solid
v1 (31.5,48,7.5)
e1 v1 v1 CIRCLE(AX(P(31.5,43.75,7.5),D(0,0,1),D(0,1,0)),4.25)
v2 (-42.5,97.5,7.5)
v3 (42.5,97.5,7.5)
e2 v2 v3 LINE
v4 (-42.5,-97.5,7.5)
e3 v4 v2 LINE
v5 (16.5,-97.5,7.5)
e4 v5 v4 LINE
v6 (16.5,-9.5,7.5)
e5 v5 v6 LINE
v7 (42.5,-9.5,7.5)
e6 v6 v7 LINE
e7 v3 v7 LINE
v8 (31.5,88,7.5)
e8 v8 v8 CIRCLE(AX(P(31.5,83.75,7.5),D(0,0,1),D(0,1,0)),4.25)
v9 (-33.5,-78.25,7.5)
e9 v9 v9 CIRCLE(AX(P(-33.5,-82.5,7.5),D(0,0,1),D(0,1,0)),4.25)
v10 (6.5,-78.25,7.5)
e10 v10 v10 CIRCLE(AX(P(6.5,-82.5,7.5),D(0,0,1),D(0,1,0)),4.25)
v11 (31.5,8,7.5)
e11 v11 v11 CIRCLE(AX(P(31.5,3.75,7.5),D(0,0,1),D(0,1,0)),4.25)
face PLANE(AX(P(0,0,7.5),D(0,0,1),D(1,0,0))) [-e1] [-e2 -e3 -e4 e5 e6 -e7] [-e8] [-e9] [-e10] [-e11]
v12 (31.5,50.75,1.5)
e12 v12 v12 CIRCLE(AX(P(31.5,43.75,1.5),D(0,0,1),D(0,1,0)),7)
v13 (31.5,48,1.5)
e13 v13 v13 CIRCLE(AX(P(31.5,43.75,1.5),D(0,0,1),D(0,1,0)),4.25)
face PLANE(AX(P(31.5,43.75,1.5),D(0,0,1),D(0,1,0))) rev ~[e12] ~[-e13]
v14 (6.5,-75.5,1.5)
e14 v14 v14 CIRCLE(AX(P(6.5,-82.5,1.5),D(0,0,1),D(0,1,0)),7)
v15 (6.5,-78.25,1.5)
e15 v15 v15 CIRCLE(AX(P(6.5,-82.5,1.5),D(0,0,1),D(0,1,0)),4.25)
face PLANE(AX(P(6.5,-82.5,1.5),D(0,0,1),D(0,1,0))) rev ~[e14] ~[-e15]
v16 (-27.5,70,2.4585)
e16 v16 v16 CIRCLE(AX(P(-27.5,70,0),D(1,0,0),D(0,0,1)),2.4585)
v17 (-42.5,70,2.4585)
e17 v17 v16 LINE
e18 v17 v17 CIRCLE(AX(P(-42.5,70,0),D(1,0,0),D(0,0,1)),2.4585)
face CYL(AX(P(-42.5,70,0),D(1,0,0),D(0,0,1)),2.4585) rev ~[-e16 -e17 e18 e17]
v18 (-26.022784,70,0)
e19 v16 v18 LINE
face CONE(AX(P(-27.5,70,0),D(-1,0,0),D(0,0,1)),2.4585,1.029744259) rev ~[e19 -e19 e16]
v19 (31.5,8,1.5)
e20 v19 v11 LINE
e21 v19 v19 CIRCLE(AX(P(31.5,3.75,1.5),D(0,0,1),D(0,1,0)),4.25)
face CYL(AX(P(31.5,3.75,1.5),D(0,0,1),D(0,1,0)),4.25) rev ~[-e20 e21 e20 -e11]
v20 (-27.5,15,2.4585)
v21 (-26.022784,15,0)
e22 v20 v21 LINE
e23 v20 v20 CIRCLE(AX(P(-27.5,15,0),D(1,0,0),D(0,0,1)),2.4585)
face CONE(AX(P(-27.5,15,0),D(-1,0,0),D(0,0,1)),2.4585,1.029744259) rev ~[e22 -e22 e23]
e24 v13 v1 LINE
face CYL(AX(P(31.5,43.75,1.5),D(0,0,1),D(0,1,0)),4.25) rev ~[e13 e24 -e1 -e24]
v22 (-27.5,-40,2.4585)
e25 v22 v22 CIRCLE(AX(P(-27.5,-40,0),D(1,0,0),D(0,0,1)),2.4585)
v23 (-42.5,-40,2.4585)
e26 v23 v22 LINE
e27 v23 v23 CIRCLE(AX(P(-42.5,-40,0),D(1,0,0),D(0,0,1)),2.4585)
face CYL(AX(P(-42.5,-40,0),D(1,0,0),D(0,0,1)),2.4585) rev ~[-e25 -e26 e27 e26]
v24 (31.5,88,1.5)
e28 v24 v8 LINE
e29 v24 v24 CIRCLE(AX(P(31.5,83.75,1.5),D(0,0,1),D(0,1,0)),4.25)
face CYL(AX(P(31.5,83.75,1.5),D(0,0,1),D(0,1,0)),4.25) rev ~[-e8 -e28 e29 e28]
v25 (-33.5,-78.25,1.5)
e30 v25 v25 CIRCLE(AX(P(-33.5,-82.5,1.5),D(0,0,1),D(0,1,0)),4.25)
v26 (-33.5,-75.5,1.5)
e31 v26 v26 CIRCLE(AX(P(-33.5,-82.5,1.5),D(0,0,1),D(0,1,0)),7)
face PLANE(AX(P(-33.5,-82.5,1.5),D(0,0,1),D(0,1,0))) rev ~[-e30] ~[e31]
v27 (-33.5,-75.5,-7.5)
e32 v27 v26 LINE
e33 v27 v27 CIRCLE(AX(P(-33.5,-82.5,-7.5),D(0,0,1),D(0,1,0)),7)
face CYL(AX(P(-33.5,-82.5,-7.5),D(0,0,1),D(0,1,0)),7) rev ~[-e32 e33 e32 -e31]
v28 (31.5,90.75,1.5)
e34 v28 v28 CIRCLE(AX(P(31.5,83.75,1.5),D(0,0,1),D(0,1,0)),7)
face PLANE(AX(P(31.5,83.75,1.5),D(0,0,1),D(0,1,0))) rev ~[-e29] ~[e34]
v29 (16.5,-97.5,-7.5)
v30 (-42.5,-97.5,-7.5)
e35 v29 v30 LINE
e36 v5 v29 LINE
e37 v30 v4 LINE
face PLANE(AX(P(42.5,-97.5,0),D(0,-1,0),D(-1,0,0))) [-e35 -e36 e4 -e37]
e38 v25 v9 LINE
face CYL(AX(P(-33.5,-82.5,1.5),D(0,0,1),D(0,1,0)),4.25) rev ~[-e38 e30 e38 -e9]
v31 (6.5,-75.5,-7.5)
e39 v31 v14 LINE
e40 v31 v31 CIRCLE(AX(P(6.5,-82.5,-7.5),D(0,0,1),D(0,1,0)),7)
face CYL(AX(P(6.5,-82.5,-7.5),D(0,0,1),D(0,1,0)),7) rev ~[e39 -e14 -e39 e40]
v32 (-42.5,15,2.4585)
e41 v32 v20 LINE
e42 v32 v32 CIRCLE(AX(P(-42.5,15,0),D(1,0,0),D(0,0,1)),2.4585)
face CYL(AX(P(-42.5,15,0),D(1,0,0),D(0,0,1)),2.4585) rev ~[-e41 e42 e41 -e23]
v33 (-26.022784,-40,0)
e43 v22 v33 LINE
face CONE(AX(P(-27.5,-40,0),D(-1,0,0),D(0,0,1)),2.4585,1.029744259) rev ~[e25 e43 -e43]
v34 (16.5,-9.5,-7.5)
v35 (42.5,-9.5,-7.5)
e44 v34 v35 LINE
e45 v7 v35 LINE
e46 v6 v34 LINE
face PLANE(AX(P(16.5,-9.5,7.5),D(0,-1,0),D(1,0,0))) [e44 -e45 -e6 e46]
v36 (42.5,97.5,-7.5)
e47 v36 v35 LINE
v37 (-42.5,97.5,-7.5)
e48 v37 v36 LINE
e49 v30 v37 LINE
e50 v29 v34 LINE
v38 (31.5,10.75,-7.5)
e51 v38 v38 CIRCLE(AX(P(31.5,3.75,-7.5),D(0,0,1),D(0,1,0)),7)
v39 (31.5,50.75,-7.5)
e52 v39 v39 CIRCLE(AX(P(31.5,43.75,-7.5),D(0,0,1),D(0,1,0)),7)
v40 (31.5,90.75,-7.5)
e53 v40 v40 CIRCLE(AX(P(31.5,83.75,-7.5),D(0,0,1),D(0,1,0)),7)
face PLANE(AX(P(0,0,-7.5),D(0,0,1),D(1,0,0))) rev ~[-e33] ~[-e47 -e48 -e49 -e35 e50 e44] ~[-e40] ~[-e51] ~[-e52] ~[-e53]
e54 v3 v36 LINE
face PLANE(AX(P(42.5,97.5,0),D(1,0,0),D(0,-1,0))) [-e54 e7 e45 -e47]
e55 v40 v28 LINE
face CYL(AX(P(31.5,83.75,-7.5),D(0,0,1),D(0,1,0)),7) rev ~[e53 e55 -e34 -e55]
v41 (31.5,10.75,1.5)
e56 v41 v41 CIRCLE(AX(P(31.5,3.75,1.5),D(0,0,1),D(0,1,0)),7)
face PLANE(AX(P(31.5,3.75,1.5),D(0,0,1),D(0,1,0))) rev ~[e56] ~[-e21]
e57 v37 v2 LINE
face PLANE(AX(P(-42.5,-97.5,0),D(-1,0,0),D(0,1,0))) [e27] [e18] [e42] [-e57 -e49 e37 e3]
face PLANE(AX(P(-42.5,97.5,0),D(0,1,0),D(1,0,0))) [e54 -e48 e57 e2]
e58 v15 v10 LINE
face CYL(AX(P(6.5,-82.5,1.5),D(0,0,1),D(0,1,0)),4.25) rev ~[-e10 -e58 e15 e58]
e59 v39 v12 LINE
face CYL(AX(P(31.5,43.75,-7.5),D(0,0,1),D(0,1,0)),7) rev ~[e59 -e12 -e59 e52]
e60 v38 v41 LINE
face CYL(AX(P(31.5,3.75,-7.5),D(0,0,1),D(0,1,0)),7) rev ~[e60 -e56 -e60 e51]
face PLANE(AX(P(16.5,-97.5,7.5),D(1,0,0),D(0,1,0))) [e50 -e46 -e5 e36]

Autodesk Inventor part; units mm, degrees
ref_plane "YZ Plane" through (0, 0, 0) normal (1, 0, 0) x (0, 1, 0)
ref_plane "XZ Plane" through (0, 0, 0) normal (0, 1, 0) x (-1, 0, 0)
ref_plane "XY Plane" through (0, 0, 0) normal (0, 0, 1) x (1, 0, 0)
sketch "Sketch5" plane through (0, 0, 0) normal (0, 0, 1) x (1, 0, 0)
  line L0 (-42.5, 97.5) -> (42.5, 97.5)
  line L1 (42.5, 97.5) -> (42.5, -97.5)
  line L2 (42.5, -97.5) -> (-42.5, -97.5)
  line L3 (-42.5, -97.5) -> (-42.5, 97.5)
  point P0 (0, 0)
  point P1 (0, 97.5)
  point P2 (42.5, 0)
  point P3 (-42.5, 0)
  dimension "d8" = 195
  dimension "d9" = 85
extrude "Extrusion5" add sketch "Sketch5" along normal mid plane 15
sketch "Sketch6" plane through (0, 0, 7.5) normal (0, 0, 1) x (1, 0, 0)
  line L0 (42.5, -97.5) -> (16.5, -97.5)
  line L1 (16.5, -97.5) -> (16.5, -9.5)
  line L2 (16.5, -9.5) -> (42.5, -9.5)
  line L3 (42.5, -9.5) -> (42.5, -97.5)
  point P0 (0, 0)
  dimension "d12" = 88
  dimension "d13" = 26
extrude "Extrusion6" cut sketch "Sketch6" against normal blind 15
sketch "Sketch7" plane through (0, 0, -7.5) normal (0, 0, -1) x (-1, 0, 0)
  line L0 (42.5, 97.5) -> (-42.5, 97.5)
  circle A0 centre (-31.5, 83.75) radius 4.25
  circle A1 centre (-31.5, 43.75) radius 4.25
  circle A2 centre (-31.5, 3.75) radius 4.25
  circle A3 centre (-6.5, -82.5) radius 4.25
  circle A4 centre (33.5, -82.5) radius 4.25
  line L1 (42.5, -97.5) -> (42.5, 97.5) projected
  line L2 (-16.5, -9.5) -> (-16.5, -97.5) projected
  point P0 (0, 0)
  dimension "d18" = 8.5
  dimension "d19" = 40
  dimension "d20" = 40
  dimension "d21" = 13.75
  dimension "d22" = 40
  dimension "d66" = 74
  dimension "d68" = 59
  dimension "d70" = 10
hole "Hole1" at (31.5, 83.75, -7.5) at (31.5, 43.75, -7.5) at (31.5, 3.75, -7.5) at (-33.5, -82.5, -7.5) at (6.5, -82.5, -7.5) direction (0, 0, 1) diameter 8.5 end through all counterbore diameter 14 counterbore depth 9 clearance for "Socket Head Cap Screw DIN EN ISO 4762" size "M8" standard "DIN"
sketch "Sketch9" plane through (-42.5, -97.5, 7.5) normal (-1, 0, 0) x (0, 0, 1)
  circle A0 centre (-7.5, 167.5) radius 3
  circle A1 centre (-7.5, 112.5) radius 3
  circle A2 centre (-7.5, 57.5) radius 3
  line L0 (0, 0) -> (-15, 0) projected
  point P0 (-7.5, 97.5)
  dimension "d55" = 55
  dimension "d56" = 55
  dimension "d57" = 6
  dimension "d65" = 57.5
hole "Hole3" at (-42.5, -40, 0) at (-42.5, 15, 0) at (-42.5, 70, 0) direction (1, 0, 0) diameter 4.917 depth 15 tip angle 118 thread size "M6x1" class "6H" standard "ISO Metric profile"
equation "\"d20\" = d19"
properties part number "BC-10013" material "Alumínio 7075"
